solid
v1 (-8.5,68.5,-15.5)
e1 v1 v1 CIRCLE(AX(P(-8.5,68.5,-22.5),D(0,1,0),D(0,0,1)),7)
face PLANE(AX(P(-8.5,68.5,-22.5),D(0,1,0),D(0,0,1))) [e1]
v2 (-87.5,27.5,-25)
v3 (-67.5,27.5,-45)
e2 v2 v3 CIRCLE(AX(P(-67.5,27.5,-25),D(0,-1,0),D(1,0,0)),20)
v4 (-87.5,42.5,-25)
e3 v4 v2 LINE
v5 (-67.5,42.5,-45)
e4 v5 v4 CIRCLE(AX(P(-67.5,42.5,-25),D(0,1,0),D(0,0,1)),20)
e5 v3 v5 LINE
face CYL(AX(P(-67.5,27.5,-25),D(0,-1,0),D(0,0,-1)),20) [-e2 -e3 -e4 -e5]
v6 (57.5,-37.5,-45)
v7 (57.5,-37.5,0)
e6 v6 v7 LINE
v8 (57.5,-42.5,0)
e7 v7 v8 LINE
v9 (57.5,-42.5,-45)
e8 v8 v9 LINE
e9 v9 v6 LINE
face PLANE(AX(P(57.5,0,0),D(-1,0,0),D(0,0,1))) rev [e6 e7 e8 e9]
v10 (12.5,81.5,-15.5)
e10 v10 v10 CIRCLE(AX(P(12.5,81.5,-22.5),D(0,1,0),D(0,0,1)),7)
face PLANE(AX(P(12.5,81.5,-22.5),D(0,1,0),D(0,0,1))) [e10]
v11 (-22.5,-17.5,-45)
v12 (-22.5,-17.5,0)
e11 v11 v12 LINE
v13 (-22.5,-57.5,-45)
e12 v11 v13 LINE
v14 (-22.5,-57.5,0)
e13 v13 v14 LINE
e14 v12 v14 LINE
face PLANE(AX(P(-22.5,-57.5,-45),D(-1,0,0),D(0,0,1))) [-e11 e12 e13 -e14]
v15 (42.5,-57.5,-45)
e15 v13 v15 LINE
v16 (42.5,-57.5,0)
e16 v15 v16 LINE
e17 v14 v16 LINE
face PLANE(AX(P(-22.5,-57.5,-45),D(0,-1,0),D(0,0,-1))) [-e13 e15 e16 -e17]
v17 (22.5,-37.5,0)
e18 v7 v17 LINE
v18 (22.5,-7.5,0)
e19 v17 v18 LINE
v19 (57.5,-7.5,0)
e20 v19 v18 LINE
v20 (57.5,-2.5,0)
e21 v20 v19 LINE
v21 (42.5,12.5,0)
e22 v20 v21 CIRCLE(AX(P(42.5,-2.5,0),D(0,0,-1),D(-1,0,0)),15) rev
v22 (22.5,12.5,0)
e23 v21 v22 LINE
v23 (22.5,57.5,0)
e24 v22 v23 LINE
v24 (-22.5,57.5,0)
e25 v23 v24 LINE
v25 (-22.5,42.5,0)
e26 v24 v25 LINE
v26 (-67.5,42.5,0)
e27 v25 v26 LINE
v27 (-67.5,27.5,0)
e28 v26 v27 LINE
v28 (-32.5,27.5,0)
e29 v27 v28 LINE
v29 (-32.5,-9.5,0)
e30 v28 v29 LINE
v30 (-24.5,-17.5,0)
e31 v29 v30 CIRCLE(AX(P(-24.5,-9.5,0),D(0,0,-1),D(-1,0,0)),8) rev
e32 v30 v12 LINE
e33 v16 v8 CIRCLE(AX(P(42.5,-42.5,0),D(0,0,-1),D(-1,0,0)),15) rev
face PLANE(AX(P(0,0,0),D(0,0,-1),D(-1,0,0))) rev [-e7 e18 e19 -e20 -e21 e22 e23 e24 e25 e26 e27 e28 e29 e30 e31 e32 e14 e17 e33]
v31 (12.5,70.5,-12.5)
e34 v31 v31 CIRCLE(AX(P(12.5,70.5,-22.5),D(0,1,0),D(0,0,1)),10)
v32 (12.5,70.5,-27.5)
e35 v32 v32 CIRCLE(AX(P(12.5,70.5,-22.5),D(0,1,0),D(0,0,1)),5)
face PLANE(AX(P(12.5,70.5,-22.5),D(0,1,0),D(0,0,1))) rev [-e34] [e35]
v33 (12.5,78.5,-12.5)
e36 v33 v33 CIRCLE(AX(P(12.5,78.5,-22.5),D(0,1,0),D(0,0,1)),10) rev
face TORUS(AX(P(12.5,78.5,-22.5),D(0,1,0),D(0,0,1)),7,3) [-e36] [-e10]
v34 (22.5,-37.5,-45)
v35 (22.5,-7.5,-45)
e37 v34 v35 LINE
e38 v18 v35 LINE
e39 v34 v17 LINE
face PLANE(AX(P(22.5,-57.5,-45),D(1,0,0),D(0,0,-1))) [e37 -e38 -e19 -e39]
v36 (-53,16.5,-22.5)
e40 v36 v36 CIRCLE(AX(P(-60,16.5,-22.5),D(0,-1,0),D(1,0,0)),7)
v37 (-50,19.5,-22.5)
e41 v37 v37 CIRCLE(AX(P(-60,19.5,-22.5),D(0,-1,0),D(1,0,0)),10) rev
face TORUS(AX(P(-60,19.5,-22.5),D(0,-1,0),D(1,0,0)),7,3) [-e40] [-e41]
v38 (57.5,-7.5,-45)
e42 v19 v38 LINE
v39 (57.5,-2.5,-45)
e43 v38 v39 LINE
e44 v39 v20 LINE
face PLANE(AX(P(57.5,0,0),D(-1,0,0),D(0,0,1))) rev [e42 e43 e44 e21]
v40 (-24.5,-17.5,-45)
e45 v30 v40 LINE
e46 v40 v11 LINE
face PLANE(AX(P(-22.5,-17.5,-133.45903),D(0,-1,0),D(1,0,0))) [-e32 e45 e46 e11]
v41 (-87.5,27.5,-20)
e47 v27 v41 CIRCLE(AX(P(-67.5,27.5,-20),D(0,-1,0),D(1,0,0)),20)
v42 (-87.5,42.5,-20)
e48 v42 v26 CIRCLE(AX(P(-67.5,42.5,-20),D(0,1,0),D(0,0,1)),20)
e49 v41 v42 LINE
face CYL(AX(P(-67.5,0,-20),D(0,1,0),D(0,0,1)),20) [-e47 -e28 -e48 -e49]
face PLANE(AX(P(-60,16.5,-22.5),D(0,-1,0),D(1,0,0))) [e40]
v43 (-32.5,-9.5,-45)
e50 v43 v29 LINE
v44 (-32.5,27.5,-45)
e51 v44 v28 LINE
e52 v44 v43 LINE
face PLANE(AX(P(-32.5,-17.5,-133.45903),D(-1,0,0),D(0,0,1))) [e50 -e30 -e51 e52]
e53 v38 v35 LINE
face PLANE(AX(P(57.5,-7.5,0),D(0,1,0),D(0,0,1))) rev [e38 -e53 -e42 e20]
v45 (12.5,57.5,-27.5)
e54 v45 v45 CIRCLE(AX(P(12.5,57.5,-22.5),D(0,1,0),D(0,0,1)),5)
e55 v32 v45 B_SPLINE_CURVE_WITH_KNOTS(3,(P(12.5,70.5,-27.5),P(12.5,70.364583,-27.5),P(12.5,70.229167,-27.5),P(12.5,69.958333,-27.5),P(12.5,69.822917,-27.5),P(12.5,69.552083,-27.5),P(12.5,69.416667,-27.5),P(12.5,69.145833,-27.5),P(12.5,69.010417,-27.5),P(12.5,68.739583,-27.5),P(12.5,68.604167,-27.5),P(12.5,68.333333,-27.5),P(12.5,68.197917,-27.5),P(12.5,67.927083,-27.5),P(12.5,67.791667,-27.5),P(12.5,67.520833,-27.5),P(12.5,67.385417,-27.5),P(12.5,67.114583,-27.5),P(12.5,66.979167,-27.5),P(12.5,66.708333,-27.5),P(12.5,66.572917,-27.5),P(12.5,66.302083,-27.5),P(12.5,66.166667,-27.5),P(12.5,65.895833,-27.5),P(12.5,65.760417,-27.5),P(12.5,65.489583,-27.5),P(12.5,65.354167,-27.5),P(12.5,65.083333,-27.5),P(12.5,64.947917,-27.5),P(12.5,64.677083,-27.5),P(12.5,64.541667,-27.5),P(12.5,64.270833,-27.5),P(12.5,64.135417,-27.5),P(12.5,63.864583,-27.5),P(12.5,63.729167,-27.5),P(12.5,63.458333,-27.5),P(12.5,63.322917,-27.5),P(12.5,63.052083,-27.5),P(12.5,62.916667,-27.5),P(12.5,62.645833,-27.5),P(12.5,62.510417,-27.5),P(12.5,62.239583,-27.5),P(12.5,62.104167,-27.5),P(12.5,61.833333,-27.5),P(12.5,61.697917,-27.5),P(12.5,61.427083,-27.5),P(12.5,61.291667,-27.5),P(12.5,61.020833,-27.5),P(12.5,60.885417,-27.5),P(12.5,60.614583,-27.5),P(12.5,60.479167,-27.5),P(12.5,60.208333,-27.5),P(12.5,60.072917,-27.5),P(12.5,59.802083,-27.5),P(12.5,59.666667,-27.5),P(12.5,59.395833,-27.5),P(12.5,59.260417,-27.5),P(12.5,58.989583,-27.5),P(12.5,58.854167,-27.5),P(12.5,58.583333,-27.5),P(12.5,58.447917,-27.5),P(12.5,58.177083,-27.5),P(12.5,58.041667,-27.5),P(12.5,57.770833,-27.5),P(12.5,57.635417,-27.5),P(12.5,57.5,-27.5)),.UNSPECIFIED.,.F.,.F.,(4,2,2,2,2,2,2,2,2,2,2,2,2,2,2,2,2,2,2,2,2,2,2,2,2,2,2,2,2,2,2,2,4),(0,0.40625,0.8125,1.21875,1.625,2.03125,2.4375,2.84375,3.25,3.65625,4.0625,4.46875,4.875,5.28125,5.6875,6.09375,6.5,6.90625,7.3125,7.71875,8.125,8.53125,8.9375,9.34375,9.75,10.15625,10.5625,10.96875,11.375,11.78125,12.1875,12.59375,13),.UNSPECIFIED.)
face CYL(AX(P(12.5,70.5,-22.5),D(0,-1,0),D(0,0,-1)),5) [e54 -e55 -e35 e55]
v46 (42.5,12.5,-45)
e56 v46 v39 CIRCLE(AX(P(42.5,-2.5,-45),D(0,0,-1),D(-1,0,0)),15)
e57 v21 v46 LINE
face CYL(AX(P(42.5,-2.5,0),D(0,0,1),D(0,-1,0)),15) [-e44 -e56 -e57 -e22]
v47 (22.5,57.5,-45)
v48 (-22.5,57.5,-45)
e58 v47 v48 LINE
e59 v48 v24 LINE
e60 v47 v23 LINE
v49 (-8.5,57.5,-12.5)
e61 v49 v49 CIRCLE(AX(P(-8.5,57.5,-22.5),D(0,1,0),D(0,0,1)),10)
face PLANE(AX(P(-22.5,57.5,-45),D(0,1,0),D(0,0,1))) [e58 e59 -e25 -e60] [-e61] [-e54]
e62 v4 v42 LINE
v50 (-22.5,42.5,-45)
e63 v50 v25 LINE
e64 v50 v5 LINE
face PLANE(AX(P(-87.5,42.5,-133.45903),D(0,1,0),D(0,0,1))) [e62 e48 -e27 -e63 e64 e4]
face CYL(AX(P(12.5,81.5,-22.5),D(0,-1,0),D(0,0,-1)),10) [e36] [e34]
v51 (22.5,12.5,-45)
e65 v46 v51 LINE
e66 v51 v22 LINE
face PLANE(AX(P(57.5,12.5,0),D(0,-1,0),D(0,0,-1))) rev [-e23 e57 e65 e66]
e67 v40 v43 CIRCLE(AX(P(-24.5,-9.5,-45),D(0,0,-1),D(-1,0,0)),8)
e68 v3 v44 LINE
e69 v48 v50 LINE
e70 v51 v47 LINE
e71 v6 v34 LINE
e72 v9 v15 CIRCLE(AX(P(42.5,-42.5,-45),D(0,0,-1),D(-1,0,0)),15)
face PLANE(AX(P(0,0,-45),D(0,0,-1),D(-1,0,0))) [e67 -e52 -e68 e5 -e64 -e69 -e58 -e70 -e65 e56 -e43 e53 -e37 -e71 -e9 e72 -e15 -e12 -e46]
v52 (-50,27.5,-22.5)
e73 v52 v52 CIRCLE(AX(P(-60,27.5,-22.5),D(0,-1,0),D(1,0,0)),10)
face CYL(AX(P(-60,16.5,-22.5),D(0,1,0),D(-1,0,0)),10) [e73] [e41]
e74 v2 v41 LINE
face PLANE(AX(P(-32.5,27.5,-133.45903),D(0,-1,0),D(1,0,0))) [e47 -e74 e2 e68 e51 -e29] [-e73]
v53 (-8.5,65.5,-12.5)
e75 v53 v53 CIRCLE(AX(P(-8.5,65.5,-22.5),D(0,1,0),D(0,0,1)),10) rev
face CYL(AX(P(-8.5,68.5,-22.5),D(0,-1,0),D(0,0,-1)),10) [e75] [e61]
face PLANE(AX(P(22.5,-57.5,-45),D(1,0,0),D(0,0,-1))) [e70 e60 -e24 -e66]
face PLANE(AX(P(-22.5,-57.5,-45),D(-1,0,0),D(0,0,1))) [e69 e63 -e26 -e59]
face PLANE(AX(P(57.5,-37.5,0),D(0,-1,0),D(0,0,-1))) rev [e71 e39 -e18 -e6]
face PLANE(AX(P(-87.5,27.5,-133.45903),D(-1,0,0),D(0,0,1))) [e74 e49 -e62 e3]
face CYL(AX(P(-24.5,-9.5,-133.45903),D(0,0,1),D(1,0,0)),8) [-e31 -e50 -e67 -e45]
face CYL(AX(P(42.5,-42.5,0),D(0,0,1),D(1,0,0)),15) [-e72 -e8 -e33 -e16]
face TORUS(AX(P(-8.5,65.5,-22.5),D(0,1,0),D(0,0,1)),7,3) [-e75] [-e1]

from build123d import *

# Parameters (mm, degrees)
SKETCH1_W           = 45
SKETCH1_H           = 115
BOSS_EXTRUDE1_DEPTH = 45
SKETCH2_W           = 45
SKETCH2_H           = 20
BOSS_EXTRUDE2_DEPTH = 35
BOSS_EXTRUDE3_DEPTH = 45
SKETCH4_R           = 10
BOSS_EXTRUDE4_DEPTH = 11
SKETCH4_3_R         = 5
BOSS_EXTRUDE5_DEPTH = 13
SKETCH6_R           = 10
BOSS_EXTRUDE6_DEPTH = 11
SKETCH7_R           = 10
BOSS_EXTRUDE7_DEPTH = 11
FILLET1_R           = 20
FILLET2_R           = 8
FILLET3_R           = 15
FILLET4_R           = 3


with BuildPart() as part:
    # Sketch1 → Boss-Extrude1 (new body)
    with BuildSketch(Plane.XY):
        Rectangle(SKETCH1_W, SKETCH1_H)
    extrude(amount=-BOSS_EXTRUDE1_DEPTH)

    # Sketch2 → Boss-Extrude2 (add)
    with BuildSketch(Plane(origin=(22.5, 0, 0), x_dir=(0, 0, -1), z_dir=(1, 0, 0))):
        with Locations((22.5, -47.5)):
            Rectangle(SKETCH2_W, SKETCH2_H)
        with Locations((22.5, 2.5)):
            Rectangle(SKETCH2_W, SKETCH2_H)
    extrude(amount=BOSS_EXTRUDE2_DEPTH)

    # Sketch3 → Boss-Extrude3 (add)
    with BuildSketch(Plane.XY):
        Polygon((-22.5, -17.5), (-32.5, -17.5), (-32.5, 27.5), (-87.5, 27.5), (-87.5, 42.5), (-22.5, 42.5), align=None)
    extrude(amount=-BOSS_EXTRUDE3_DEPTH)

    # Sketch4 → Boss-Extrude4 (add)
    with BuildSketch(Plane(origin=(0, 57.5, 0), x_dir=(1, 0, 0), z_dir=(0, 1, 0))):
        with Locations(Location((-8.5, 22.5, 0), (0, 0, 270))):
            Circle(SKETCH4_R)
    extrude(amount=BOSS_EXTRUDE4_DEPTH)

    # Sketch4<3> → Boss-Extrude5 (add)
    with BuildSketch(Plane(origin=(0, 57.5, 0), x_dir=(1, 0, 0), z_dir=(0, 1, 0))):
        with Locations(Location((12.5, 22.5, 0), (0, 0, 90))):
            Circle(SKETCH4_3_R)
    extrude(amount=BOSS_EXTRUDE5_DEPTH)

    # Sketch6 → Boss-Extrude6 (add)
    with BuildSketch(Plane(origin=(0, 70.5, 0), x_dir=(1, 0, 0), z_dir=(0, 1, 0))):
        with Locations(Location((12.5, 22.5, 0), (0, 0, 270))):
            Circle(SKETCH6_R)
    extrude(amount=BOSS_EXTRUDE6_DEPTH)

    # Sketch7 → Boss-Extrude7 (add)
    with BuildSketch(Plane.XZ.offset(-27.5)):
        with Locations((-60, -22.5)):
            Circle(SKETCH7_R)
    extrude(amount=BOSS_EXTRUDE7_DEPTH)

    # Fillet1
    fillet1_edges = [part.edges().sort_by_distance(p)[0] for p in [
        (-87.5, 35, 0),
        (-87.5, 35, -45),
    ]]
    fillet(fillet1_edges, radius=FILLET1_R)

    # Fillet2
    fillet2_edges = [part.edges().sort_by_distance(p)[0] for p in [
        (-32.5, -17.5, -22.5),
    ]]
    fillet(fillet2_edges, radius=FILLET2_R)

    # Fillet3
    fillet3_edges = [part.edges().sort_by_distance(p)[0] for p in [
        (57.5, -57.5, -22.5),
        (57.5, 12.5, -22.5),
    ]]
    fillet(fillet3_edges, radius=FILLET3_R)

    # Fillet4
    fillet4_edges = [part.edges().sort_by_distance(p)[0] for p in [
        (-8.5, 68.5, -32.5),
        (12.5, 81.5, -32.5),
        (-70, 16.5, -22.5),
    ]]
    fillet(fillet4_edges, radius=FILLET4_R)


solid = part.part
